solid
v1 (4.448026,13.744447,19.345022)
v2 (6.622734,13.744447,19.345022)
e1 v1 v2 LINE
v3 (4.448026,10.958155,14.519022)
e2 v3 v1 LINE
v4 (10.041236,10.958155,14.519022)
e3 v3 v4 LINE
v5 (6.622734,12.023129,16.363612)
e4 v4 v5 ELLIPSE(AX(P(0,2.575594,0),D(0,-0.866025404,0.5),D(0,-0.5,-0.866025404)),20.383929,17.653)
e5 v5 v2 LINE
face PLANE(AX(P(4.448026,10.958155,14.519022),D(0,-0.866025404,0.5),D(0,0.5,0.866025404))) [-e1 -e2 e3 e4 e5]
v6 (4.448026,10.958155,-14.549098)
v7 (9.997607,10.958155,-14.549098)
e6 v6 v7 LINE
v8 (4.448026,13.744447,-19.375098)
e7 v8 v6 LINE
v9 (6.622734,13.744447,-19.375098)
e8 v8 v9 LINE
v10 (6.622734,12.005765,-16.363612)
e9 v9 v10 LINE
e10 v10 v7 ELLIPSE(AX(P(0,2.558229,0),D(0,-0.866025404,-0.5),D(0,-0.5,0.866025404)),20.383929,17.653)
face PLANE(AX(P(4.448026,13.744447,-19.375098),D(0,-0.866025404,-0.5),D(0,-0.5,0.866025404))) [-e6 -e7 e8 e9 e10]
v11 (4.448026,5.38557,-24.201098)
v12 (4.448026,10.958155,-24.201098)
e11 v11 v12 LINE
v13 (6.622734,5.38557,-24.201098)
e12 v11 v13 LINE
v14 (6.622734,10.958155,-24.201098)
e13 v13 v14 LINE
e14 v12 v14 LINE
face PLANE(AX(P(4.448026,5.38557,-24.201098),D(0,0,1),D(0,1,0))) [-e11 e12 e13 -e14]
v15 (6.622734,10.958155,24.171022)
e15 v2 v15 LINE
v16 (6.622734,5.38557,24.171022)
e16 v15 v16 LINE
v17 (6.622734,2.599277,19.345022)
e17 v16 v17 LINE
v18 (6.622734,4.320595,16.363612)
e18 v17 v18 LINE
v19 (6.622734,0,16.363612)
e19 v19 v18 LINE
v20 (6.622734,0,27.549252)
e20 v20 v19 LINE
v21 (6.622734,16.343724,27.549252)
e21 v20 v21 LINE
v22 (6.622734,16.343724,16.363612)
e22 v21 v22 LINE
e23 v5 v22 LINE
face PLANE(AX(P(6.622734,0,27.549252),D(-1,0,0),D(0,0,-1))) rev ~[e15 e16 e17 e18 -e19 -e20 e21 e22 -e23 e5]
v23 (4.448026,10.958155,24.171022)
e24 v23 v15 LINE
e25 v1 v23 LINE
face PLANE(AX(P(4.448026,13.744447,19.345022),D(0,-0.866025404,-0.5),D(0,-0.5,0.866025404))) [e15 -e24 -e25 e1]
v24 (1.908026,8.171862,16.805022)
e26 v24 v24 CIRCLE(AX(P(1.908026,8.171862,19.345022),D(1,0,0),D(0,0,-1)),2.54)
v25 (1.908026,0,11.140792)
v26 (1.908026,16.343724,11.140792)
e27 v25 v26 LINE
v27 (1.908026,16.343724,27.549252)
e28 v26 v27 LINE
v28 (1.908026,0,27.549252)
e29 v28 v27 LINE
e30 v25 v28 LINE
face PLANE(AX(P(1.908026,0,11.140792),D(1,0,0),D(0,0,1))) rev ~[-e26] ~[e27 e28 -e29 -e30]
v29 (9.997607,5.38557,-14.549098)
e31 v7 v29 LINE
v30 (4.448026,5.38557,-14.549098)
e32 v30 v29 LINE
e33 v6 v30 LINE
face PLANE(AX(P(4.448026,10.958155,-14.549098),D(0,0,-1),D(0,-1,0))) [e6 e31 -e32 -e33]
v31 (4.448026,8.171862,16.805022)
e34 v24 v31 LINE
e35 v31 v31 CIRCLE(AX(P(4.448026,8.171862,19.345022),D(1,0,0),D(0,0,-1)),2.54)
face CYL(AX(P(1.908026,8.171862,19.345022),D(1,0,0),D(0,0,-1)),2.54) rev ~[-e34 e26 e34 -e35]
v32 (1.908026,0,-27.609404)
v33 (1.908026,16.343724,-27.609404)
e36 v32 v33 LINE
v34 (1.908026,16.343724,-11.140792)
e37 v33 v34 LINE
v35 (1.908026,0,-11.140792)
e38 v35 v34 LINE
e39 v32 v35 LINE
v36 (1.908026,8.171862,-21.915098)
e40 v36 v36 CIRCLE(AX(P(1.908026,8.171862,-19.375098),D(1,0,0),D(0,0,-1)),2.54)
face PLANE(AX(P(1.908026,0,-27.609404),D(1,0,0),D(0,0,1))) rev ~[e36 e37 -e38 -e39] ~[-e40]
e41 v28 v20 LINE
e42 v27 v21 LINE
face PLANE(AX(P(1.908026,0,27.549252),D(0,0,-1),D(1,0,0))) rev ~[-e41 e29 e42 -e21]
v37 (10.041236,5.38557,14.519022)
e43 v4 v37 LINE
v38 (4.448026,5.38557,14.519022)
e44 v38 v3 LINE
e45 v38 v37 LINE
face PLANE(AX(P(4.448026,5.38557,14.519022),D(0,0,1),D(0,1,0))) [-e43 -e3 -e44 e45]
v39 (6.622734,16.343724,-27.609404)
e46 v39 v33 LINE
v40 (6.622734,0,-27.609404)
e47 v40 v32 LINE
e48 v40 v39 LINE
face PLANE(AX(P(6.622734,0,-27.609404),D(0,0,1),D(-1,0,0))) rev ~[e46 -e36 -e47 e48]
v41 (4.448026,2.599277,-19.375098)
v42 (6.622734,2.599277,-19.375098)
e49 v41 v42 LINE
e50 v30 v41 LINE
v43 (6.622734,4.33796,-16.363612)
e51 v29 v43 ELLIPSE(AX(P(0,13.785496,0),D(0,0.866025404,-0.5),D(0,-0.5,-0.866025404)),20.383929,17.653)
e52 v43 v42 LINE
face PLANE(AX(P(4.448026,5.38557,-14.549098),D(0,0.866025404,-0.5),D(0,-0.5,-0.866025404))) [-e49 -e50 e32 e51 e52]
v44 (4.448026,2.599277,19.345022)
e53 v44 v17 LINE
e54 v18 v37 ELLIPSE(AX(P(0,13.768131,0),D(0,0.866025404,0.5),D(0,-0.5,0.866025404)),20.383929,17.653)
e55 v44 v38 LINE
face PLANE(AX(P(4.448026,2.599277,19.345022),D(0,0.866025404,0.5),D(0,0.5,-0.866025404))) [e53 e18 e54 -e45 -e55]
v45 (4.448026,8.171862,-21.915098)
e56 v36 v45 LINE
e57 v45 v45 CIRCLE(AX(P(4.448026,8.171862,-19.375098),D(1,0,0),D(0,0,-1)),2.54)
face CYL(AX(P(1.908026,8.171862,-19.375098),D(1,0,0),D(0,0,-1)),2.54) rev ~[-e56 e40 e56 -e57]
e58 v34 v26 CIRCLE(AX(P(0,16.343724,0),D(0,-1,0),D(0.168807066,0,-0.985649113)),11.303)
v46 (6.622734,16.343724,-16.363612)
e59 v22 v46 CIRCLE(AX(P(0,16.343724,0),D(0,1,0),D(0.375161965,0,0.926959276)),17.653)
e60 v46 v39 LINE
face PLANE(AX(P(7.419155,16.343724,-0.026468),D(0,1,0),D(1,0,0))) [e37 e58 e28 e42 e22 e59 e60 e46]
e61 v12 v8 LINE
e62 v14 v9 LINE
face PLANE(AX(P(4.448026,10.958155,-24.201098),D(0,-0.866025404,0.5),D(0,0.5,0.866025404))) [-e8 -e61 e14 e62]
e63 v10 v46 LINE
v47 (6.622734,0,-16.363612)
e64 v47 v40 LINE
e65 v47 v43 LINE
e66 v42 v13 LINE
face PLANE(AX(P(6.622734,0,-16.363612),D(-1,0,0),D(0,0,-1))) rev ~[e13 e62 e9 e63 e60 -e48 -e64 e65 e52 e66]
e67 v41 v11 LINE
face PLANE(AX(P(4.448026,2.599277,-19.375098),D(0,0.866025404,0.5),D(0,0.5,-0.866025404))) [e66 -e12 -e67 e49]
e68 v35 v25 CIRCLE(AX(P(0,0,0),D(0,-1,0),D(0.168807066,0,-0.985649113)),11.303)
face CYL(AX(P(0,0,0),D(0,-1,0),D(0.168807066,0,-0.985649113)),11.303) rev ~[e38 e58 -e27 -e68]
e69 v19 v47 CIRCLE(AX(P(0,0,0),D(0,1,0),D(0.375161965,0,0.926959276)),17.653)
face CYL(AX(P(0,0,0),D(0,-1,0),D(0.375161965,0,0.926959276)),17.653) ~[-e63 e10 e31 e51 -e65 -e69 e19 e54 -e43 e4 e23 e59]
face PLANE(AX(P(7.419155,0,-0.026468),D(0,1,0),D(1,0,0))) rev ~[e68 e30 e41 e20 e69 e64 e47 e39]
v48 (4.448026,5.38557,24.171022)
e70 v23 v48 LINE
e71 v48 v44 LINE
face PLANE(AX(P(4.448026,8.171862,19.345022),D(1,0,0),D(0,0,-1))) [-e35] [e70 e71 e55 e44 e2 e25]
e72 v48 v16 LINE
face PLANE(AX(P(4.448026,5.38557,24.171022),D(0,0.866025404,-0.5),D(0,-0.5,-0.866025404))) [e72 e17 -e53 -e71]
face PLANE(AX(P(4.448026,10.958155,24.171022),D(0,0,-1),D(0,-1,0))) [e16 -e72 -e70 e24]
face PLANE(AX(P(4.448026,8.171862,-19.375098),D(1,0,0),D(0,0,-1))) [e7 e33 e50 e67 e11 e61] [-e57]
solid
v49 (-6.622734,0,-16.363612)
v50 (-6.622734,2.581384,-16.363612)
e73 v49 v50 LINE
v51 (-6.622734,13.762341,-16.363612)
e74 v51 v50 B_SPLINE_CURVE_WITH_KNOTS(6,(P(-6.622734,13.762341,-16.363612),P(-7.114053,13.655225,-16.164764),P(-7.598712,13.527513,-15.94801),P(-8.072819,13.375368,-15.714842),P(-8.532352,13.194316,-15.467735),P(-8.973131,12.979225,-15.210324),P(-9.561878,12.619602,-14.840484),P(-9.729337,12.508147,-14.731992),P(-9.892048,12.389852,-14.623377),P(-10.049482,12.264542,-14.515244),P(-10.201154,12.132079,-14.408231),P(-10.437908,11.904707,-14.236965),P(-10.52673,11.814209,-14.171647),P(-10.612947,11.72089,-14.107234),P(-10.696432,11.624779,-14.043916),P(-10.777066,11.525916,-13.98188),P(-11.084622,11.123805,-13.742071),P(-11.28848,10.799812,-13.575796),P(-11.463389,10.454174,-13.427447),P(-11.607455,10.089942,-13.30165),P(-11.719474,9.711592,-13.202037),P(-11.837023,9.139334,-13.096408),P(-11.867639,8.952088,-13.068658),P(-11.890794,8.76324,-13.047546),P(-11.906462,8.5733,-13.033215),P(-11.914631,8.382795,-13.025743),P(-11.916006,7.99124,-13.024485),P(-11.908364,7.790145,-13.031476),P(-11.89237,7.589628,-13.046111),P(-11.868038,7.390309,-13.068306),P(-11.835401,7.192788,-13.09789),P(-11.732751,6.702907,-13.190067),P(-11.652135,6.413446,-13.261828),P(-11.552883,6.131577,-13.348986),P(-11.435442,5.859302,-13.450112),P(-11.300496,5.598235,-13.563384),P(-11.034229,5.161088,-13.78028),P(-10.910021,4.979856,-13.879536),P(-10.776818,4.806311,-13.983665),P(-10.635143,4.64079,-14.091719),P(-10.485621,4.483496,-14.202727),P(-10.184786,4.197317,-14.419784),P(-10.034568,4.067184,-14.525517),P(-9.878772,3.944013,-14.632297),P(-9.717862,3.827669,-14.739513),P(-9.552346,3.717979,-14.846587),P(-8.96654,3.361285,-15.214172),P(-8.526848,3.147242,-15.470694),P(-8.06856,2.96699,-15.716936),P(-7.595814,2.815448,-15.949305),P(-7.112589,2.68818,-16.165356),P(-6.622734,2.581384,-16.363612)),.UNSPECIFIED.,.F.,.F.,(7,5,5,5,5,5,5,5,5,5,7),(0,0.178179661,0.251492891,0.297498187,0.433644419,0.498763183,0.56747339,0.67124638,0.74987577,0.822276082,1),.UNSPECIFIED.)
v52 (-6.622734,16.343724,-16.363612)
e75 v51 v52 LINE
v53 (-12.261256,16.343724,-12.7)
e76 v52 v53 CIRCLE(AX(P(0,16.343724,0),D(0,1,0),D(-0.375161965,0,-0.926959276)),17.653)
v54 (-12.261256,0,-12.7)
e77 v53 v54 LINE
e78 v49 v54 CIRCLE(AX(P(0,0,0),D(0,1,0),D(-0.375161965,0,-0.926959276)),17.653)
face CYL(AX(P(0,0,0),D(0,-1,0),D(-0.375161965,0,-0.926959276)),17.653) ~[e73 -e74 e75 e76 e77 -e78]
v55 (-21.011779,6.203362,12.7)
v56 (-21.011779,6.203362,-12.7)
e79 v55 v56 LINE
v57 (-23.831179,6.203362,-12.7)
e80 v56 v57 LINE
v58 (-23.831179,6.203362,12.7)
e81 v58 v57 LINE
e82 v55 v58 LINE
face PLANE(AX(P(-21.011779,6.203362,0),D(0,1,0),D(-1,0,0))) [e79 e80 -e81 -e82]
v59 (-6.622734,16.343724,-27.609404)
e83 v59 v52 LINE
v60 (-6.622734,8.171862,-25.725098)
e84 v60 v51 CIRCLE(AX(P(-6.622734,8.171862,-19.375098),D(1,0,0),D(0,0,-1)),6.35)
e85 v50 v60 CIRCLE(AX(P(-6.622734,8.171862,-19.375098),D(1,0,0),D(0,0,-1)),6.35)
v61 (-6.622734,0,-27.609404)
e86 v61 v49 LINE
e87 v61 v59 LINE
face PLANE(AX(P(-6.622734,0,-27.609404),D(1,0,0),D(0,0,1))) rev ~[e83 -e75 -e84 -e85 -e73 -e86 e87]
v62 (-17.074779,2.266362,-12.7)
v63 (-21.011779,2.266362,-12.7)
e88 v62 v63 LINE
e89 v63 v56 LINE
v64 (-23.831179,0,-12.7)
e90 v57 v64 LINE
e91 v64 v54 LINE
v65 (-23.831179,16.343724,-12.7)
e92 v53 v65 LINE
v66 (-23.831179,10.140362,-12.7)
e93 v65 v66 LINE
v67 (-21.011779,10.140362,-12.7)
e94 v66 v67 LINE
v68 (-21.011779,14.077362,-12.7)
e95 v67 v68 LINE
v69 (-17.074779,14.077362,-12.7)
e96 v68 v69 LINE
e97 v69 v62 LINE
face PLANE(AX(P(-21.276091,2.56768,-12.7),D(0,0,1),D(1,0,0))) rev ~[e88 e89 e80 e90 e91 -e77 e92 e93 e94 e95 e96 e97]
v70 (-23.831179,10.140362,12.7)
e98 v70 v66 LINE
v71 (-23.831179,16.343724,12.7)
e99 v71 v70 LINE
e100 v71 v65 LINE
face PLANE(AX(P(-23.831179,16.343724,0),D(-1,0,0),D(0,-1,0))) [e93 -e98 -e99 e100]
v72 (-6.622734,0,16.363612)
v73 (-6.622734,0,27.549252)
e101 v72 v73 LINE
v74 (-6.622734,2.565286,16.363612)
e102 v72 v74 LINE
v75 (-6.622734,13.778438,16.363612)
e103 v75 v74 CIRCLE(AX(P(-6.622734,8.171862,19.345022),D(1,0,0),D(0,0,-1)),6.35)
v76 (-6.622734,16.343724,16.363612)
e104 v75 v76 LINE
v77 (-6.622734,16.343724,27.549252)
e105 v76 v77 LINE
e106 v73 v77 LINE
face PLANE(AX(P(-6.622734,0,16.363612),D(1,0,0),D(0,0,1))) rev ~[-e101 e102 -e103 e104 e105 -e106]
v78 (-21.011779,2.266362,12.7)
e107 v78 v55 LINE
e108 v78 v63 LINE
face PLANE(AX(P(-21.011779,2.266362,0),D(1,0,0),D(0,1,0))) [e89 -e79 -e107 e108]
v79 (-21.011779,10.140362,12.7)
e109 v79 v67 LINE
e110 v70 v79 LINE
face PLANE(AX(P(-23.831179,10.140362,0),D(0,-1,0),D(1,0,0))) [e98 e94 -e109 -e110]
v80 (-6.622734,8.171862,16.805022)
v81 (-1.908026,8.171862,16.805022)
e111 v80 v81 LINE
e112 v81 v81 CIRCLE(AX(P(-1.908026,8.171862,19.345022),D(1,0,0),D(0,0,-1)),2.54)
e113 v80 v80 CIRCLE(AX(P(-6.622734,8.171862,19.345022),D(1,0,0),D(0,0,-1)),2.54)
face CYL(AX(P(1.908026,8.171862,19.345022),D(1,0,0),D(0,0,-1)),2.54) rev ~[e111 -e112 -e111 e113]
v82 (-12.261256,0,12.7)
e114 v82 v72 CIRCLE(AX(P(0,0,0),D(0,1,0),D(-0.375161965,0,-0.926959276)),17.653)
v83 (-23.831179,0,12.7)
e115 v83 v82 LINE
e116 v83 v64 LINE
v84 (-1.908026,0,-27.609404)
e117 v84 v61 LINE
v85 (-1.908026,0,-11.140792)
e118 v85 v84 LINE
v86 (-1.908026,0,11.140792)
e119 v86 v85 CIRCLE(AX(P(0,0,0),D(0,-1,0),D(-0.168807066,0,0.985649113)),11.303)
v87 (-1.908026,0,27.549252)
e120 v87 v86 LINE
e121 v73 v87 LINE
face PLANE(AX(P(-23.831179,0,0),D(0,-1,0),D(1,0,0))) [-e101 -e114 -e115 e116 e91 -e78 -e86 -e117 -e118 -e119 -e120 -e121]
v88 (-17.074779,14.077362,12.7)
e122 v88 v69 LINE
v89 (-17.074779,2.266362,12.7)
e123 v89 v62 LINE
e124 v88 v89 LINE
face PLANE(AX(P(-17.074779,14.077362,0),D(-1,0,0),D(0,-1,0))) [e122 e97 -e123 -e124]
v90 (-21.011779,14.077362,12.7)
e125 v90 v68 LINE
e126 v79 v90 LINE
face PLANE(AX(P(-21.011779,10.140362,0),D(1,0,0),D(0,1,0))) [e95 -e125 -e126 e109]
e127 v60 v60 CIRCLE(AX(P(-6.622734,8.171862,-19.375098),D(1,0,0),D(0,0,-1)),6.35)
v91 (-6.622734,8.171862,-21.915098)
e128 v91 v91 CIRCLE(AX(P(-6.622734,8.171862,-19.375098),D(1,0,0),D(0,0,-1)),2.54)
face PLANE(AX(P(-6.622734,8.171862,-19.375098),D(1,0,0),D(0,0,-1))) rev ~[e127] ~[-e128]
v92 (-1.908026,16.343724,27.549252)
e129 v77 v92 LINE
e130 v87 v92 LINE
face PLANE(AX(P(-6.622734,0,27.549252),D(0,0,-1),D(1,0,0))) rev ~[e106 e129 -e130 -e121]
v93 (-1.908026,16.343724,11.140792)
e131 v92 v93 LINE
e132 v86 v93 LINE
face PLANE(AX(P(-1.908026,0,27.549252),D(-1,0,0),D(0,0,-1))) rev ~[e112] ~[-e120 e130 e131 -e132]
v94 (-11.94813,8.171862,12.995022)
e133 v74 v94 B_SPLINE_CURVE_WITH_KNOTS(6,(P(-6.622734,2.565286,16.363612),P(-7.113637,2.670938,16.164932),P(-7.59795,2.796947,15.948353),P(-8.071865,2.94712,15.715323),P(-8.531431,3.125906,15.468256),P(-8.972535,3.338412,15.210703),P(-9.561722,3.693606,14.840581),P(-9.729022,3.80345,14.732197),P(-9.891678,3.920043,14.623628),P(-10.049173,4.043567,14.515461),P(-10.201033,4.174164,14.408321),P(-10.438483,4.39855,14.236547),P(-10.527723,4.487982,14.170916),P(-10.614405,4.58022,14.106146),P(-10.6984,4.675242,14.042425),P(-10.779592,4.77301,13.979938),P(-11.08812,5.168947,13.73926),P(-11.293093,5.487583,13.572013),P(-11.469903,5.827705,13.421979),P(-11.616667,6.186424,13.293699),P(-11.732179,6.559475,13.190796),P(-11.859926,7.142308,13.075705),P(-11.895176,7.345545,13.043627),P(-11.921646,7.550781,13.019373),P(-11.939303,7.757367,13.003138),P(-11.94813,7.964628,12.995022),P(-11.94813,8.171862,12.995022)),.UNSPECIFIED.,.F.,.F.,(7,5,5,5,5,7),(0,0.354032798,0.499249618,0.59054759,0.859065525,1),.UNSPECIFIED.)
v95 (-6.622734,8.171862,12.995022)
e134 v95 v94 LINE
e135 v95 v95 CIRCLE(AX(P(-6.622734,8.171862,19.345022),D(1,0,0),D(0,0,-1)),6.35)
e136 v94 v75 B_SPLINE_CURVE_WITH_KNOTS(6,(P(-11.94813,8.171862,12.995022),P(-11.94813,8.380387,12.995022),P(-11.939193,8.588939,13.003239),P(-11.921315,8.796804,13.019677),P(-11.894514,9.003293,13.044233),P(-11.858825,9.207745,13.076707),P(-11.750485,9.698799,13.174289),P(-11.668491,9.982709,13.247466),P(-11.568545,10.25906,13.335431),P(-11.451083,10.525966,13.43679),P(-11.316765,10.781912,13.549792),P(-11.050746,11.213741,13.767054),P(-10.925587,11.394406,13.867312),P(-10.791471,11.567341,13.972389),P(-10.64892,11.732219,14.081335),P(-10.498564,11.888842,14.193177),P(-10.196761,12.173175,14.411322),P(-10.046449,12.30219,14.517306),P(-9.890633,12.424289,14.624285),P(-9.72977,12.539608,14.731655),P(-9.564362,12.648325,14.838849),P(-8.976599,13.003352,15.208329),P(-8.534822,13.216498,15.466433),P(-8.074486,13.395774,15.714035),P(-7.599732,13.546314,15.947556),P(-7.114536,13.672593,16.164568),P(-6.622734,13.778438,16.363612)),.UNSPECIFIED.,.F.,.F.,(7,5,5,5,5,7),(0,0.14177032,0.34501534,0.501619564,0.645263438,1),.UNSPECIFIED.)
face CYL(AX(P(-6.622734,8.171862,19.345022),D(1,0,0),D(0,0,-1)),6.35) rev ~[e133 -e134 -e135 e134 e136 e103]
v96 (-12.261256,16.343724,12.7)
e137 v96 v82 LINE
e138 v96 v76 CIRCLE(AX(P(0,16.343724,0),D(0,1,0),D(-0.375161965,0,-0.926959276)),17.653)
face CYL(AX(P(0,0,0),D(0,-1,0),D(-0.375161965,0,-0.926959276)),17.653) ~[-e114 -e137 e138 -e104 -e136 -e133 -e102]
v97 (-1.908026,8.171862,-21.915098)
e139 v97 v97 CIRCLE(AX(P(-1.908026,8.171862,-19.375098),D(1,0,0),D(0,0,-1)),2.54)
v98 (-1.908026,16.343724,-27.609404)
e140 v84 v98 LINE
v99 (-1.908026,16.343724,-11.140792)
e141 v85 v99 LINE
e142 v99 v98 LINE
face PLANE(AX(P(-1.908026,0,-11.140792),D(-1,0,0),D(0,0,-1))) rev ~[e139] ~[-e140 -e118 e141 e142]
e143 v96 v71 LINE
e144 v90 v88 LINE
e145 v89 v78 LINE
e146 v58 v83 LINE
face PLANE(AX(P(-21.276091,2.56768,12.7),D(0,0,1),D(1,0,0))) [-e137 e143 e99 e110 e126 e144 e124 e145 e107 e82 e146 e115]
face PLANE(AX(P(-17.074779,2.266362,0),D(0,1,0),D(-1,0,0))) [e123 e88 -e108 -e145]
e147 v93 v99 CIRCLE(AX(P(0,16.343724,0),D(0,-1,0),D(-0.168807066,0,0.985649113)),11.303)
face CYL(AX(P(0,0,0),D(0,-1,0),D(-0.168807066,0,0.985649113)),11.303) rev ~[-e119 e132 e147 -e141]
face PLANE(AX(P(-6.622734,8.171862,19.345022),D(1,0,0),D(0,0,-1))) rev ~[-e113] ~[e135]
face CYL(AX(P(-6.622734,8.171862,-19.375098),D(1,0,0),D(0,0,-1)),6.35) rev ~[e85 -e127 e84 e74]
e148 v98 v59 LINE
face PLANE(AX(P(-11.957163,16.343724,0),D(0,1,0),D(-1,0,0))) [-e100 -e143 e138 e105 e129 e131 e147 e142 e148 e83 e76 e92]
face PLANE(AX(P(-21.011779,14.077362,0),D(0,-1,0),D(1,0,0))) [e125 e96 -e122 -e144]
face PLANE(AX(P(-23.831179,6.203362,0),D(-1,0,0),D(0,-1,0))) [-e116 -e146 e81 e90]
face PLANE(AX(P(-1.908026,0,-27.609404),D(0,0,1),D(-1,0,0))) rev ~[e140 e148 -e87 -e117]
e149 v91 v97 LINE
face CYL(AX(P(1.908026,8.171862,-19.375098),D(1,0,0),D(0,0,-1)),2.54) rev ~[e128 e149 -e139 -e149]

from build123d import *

# Parameters (mm, degrees)
BOSS_EXTRUDE1_DEPTH      = 16.343724405
BOSS_EXTRUDE1_2_DEPTH    = 16.343724405
CUT_EXTRUDE1_START       = 2.54
CUT_EXTRUDE1_DEPTH       = 11.43
BOSS_EXTRUDE2_DEPTH      = 12.7
BOSS_EXTRUDE2_DEPTH_BACK = 12.7
SKETCH3_3_W              = 2.8194
SKETCH3_3_H              = 3.937
SKETCH3_3_W_2            = 0.578220869
SKETCH3_3_H_2            = 11.811
CUT_EXTRUDE5_DEPTH       = 28.549251506
CUT_EXTRUDE5_DEPTH_BACK  = 28.609404293
SKETCH2_7_R              = 2.54
CUT_EXTRUDE6_DEPTH       = 16.744973729
CUT_EXTRUDE6_DEPTH_BACK  = 26.739205402
CUT_EXTRUDE7_START       = -8.53076
SKETCH2_8_R              = 6.35
CUT_EXTRUDE7_DEPTH       = 24.638


with BuildPart() as part:
    # Sketch1 → Boss-Extrude1 (new body)
    with BuildSketch(Plane(origin=(0, 0, 0), x_dir=(1, 0, 0), z_dir=(0, 1, 0))):
        with BuildLine():
            Line((1.908026271, -27.549251506), (6.622734164, -27.549251506))
            Line((6.622734164, -27.549251506), (6.622734164, -16.363612107))
            ThreePointArc((6.622734164, -16.363612107), (17.653, 0), (6.622734164, 16.363612107))
            Line((6.622734164, 16.363612107), (6.622734164, 27.609404293))
            Line((6.622734164, 27.609404293), (1.908026271, 27.609404293))
            Line((1.908026271, 27.609404293), (1.908026271, 11.140791926))
            ThreePointArc((1.908026271, 11.140791926), (11.303, 0), (1.908026271, -11.140791926))
            Line((1.908026271, -11.140791926), (1.908026271, -27.549251506))
        make_face()
    extrude(amount=BOSS_EXTRUDE1_DEPTH)

    # Sketch2 → Cut-Extrude1 (cut)
    with BuildSketch(Plane(origin=(1.908026271, 0, 1.908026271), x_dir=(0, 0, -1), z_dir=(1, 0, 0)).offset(CUT_EXTRUDE1_START)):
        Polygon((21.283124381, 2.599277405), (26.109124381, 5.385569804), (26.109124381, 10.958154602), (21.283124381, 13.744447001), (16.457124381, 10.958154602), (16.457124381, 5.385569804), align=None)
        Polygon((-17.436995445, 2.599277405), (-12.610995445, 5.385569804), (-12.610995445, 10.958154602), (-17.436995445, 13.744447001), (-22.262995445, 10.958154602), (-22.262995445, 5.385569804), align=None)
    extrude(amount=CUT_EXTRUDE1_DEPTH, mode=Mode.SUBTRACT)


with BuildPart() as body_2:
    # Sketch1 → Boss-Extrude1 2 (new body)
    with BuildSketch(Plane(origin=(0, 0, 0), x_dir=(1, 0, 0), z_dir=(0, 1, 0))):
        with BuildLine():
            Line((-6.622734164, -27.549251506), (-1.908026271, -27.549251506))
            Line((-1.908026271, -27.549251506), (-1.908026271, -11.140791926))
            ThreePointArc((-1.908026271, -11.140791926), (-11.303, 0), (-1.908026271, 11.140791926))
            Line((-1.908026271, 11.140791926), (-1.908026271, 27.609404293))
            Line((-1.908026271, 27.609404293), (-6.622734164, 27.609404293))
            Line((-6.622734164, 27.609404293), (-6.622734164, 16.363612107))
            ThreePointArc((-6.622734164, 16.363612107), (-17.653, 0), (-6.622734164, -16.363612107))
            Line((-6.622734164, -16.363612107), (-6.622734164, -27.549251506))
        make_face()
    extrude(amount=BOSS_EXTRUDE1_2_DEPTH)

    # Sketch3 → Boss-Extrude2 (add, two sides)
    with BuildSketch(Plane.XY) as boss_extrude2_sk:
        Polygon((-23.831179131, 0), (-17.653, 0), (-17.653, 2.266362203), (-21.011779131, 2.266362203), (-21.011779131, 6.203362203), (-23.831179131, 6.203362203), align=None)
        Polygon((-11.957162625, 0), (-11.957162625, 16.343724405), (-17.653, 16.343724405), (-17.653, 14.077362203), (-17.074779131, 14.077362203), (-17.074779131, 2.266362203), (-17.653, 2.266362203), (-17.653, 0), align=None)
        Polygon((-17.653, 14.077362203), (-17.653, 16.343724405), (-23.831179131, 16.343724405), (-23.831179131, 10.140362203), (-21.011779131, 10.140362203), (-21.011779131, 14.077362203), align=None)
    extrude(amount=BOSS_EXTRUDE2_DEPTH)
    extrude(boss_extrude2_sk.sketch, amount=-BOSS_EXTRUDE2_DEPTH_BACK)

    # Sketch3<3> → Cut-Extrude5 (cut, two sides)
    with BuildSketch(Plane.XY) as cut_extrude5_sk:
        Polygon((-17.653, 2.266362203), (-17.653, 14.077362203), (-21.011779131, 14.077362203), (-21.011779131, 10.140362203), (-21.011779131, 6.203362203), (-21.011779131, 2.266362203), align=None)
        with Locations((-22.421479131, 8.171862203)):
            Rectangle(SKETCH3_3_W, SKETCH3_3_H)
        with Locations((-17.363889566, 8.171862203)):
            Rectangle(SKETCH3_3_W_2, SKETCH3_3_H_2)
    extrude(amount=CUT_EXTRUDE5_DEPTH, mode=Mode.SUBTRACT)
    extrude(cut_extrude5_sk.sketch, amount=-CUT_EXTRUDE5_DEPTH_BACK, mode=Mode.SUBTRACT)


with BuildPart() as cut_extrude6_tool:
    # Sketch2<7> → Cut-Extrude6 (new body, two sides)
    with BuildSketch(Plane(origin=(1.908026271, 0, 1.908026271), x_dir=(0, 0, -1), z_dir=(1, 0, 0))) as cut_extrude6_sk:
        with Locations((21.283124381, 8.171862203)):
            Circle(SKETCH2_7_R)
        with Locations((-17.436995445, 8.171862203)):
            Circle(SKETCH2_7_R)
    extrude(amount=CUT_EXTRUDE6_DEPTH)
    extrude(cut_extrude6_sk.sketch, amount=-CUT_EXTRUDE6_DEPTH_BACK)


with BuildPart() as part_1:
    add(part.part)

    # Cut-Extrude6: cut by cut_extrude6_tool
    add(cut_extrude6_tool.part, mode=Mode.SUBTRACT)


with BuildPart() as body_2_1:
    add(body_2.part)

    # Cut-Extrude6: cut by cut_extrude6_tool
    add(cut_extrude6_tool.part, mode=Mode.SUBTRACT)

    # Sketch2<8> → Cut-Extrude7 (cut)
    with BuildSketch(Plane(origin=(1.908026271, 0, 1.908026271), x_dir=(0, 0, -1), z_dir=(1, 0, 0)).offset(CUT_EXTRUDE7_START)):
        with Locations((21.283124381, 8.171862203)):
            Circle(SKETCH2_8_R)
        with Locations((-17.436995445, 8.171862203)):
            Circle(SKETCH2_8_R)
    extrude(amount=-CUT_EXTRUDE7_DEPTH, mode=Mode.SUBTRACT)


solid = Compound([part_1.part, body_2_1.part])
